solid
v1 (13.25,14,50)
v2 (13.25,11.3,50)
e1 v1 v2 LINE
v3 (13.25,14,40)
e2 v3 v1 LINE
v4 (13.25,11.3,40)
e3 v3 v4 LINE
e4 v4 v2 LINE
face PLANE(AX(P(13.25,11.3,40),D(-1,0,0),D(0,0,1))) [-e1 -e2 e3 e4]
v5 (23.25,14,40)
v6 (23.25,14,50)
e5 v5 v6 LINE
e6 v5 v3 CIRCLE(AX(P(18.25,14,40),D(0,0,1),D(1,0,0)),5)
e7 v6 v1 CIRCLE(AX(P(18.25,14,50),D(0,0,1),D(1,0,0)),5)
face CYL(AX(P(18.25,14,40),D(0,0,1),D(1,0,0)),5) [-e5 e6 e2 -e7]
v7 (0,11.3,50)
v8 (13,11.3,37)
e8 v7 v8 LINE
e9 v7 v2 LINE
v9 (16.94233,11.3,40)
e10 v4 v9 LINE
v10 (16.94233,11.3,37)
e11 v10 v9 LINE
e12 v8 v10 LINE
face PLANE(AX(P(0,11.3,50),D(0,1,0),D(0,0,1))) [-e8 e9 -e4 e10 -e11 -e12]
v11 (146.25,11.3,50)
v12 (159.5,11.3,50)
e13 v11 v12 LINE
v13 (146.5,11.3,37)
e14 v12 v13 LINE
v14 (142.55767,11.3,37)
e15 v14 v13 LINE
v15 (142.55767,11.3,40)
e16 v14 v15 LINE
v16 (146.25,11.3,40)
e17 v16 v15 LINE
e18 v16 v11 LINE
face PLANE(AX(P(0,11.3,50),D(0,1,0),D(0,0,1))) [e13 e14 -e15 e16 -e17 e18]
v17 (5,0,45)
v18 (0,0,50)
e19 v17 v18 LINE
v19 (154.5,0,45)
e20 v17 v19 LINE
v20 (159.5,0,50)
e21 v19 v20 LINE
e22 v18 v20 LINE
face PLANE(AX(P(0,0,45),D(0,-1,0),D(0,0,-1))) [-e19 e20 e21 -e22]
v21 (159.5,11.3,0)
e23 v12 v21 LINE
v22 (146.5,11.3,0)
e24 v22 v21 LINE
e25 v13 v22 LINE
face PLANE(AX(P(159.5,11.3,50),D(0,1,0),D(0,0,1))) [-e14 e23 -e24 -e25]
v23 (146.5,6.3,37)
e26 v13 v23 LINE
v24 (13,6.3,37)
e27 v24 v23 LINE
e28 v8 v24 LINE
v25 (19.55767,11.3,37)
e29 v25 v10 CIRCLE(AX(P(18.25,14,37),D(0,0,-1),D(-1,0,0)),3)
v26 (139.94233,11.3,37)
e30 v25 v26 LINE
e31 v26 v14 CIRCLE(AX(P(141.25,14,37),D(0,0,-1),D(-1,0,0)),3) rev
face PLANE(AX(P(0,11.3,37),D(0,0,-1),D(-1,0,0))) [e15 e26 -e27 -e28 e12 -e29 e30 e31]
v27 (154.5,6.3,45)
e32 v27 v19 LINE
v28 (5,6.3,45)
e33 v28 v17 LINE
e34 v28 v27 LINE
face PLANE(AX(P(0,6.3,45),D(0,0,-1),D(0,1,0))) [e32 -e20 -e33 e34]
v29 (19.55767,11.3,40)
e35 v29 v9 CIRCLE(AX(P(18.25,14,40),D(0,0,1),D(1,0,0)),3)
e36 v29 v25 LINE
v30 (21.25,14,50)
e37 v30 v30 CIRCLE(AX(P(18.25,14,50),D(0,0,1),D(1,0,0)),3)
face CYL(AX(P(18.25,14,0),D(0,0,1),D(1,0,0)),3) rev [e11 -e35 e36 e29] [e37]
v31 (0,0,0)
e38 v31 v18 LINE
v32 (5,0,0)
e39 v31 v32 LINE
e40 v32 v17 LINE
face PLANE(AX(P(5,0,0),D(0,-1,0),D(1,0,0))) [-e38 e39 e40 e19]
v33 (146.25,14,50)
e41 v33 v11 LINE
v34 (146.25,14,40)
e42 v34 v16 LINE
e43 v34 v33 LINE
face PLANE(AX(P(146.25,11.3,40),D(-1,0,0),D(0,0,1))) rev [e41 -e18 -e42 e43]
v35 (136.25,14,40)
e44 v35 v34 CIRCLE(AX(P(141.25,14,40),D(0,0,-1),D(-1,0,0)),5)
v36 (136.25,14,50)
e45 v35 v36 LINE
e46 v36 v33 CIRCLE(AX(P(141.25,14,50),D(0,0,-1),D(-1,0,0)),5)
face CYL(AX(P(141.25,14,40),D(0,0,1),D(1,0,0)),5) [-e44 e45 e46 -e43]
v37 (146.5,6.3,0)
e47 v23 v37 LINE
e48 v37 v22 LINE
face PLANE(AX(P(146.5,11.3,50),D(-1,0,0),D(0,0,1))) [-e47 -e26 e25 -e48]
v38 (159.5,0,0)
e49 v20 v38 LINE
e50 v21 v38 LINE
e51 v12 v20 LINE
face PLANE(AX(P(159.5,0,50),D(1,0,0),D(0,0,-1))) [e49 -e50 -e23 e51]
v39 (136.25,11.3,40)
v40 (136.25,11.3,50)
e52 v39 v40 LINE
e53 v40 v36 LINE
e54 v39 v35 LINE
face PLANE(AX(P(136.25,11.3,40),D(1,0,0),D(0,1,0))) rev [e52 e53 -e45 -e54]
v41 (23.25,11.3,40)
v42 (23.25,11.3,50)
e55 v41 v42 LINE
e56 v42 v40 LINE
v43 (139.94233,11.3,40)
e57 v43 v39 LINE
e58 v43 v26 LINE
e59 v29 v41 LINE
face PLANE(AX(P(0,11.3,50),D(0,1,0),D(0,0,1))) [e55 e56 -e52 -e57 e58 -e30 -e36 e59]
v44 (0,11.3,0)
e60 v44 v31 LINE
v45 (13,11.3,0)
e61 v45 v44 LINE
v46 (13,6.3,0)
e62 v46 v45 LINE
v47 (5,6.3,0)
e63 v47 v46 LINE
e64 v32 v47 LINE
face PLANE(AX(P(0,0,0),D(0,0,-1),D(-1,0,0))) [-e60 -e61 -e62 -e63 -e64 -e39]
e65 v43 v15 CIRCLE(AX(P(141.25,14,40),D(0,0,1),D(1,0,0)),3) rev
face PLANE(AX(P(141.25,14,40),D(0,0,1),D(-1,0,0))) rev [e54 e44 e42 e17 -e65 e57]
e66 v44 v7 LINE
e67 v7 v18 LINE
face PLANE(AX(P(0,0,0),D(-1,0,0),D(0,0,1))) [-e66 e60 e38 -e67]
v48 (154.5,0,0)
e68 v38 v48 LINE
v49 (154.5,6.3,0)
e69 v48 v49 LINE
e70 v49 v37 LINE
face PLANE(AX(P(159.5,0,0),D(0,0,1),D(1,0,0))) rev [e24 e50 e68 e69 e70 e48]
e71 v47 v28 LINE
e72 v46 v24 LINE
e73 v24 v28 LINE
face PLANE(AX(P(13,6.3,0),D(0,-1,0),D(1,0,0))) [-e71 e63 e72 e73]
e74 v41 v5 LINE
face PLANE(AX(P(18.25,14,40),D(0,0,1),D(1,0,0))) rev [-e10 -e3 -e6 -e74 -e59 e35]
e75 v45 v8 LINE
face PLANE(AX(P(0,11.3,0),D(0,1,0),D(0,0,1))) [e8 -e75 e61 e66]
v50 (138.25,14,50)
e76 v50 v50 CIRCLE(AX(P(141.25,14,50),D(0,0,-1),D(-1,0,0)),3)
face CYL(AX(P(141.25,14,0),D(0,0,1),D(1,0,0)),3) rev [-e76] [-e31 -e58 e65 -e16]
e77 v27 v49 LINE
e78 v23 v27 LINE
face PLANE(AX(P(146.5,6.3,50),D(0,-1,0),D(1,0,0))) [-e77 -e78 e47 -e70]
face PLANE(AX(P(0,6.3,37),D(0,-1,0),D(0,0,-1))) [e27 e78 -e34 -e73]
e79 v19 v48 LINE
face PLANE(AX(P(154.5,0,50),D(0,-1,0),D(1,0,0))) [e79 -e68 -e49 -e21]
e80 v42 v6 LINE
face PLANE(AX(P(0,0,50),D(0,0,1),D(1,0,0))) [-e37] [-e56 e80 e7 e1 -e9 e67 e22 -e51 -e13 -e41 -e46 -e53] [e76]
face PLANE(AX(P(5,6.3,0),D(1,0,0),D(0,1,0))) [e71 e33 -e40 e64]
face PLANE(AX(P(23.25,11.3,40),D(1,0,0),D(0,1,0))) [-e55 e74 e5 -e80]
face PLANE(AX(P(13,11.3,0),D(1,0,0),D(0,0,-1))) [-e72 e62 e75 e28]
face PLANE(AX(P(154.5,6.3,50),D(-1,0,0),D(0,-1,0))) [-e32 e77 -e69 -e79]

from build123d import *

# Parameters (mm, degrees)
SALIENTE_EXTRUIR1_DEPTH = 10
CROQUIS5_R              = 3
CORTAR_EXTRUIR1_DEPTH   = 169.229753611


with BuildPart() as part:
    # Barrer1: sweep along a path in Croquis3
    with BuildLine(Plane(origin=(0, 0, 0), x_dir=(1, 0, 0), z_dir=(0, 1, 0))) as barrer1_path:
        Line((0, 0), (0, -50))
        Line((0, -50), (159.5, -50))
        Line((159.5, -50), (159.5, 0))
    # Croquis1 → Barrer1 (sweep)
    with BuildSketch(Plane.XY):
        Polygon((0, 0), (0, 11.3), (13, 11.3), (13, 6.3), (5, 6.3), (5, 0), align=None)
    sweep(path=barrer1_path.line, transition=Transition.RIGHT)

    # Croquis4 → Saliente-Extruir1 (add)
    with BuildSketch(Plane.XY.offset(50)):
        with BuildLine():
            Line((13.25, 11.3), (23.25, 11.3))
            Line((23.25, 11.3), (23.25, 14))
            ThreePointArc((23.25, 14), (18.25, 19), (13.25, 14))
            Line((13.25, 14), (13.25, 11.3))
        make_face()
    saliente_extruir1 = extrude(amount=-SALIENTE_EXTRUIR1_DEPTH)

    # Croquis5 → Cortar-Extruir1 (cut, through all)
    with BuildSketch(Plane.XY.offset(50)):
        with Locations((18.25, 14)):
            Circle(CROQUIS5_R)
    cortar_extruir1 = extrude(amount=-CORTAR_EXTRUIR1_DEPTH, mode=Mode.SUBTRACT)

    # Simetría1: Saliente-Extruir1, Cortar-Extruir1 across plane
    add(saliente_extruir1.mirror(Plane(origin=(79.75, 0, 0), x_dir=(0, 0, 1), z_dir=(1, 0, 0))))
    add(cortar_extruir1.mirror(Plane(origin=(79.75, 0, 0), x_dir=(0, 0, 1), z_dir=(1, 0, 0))), mode=Mode.SUBTRACT)


solid = part.part
